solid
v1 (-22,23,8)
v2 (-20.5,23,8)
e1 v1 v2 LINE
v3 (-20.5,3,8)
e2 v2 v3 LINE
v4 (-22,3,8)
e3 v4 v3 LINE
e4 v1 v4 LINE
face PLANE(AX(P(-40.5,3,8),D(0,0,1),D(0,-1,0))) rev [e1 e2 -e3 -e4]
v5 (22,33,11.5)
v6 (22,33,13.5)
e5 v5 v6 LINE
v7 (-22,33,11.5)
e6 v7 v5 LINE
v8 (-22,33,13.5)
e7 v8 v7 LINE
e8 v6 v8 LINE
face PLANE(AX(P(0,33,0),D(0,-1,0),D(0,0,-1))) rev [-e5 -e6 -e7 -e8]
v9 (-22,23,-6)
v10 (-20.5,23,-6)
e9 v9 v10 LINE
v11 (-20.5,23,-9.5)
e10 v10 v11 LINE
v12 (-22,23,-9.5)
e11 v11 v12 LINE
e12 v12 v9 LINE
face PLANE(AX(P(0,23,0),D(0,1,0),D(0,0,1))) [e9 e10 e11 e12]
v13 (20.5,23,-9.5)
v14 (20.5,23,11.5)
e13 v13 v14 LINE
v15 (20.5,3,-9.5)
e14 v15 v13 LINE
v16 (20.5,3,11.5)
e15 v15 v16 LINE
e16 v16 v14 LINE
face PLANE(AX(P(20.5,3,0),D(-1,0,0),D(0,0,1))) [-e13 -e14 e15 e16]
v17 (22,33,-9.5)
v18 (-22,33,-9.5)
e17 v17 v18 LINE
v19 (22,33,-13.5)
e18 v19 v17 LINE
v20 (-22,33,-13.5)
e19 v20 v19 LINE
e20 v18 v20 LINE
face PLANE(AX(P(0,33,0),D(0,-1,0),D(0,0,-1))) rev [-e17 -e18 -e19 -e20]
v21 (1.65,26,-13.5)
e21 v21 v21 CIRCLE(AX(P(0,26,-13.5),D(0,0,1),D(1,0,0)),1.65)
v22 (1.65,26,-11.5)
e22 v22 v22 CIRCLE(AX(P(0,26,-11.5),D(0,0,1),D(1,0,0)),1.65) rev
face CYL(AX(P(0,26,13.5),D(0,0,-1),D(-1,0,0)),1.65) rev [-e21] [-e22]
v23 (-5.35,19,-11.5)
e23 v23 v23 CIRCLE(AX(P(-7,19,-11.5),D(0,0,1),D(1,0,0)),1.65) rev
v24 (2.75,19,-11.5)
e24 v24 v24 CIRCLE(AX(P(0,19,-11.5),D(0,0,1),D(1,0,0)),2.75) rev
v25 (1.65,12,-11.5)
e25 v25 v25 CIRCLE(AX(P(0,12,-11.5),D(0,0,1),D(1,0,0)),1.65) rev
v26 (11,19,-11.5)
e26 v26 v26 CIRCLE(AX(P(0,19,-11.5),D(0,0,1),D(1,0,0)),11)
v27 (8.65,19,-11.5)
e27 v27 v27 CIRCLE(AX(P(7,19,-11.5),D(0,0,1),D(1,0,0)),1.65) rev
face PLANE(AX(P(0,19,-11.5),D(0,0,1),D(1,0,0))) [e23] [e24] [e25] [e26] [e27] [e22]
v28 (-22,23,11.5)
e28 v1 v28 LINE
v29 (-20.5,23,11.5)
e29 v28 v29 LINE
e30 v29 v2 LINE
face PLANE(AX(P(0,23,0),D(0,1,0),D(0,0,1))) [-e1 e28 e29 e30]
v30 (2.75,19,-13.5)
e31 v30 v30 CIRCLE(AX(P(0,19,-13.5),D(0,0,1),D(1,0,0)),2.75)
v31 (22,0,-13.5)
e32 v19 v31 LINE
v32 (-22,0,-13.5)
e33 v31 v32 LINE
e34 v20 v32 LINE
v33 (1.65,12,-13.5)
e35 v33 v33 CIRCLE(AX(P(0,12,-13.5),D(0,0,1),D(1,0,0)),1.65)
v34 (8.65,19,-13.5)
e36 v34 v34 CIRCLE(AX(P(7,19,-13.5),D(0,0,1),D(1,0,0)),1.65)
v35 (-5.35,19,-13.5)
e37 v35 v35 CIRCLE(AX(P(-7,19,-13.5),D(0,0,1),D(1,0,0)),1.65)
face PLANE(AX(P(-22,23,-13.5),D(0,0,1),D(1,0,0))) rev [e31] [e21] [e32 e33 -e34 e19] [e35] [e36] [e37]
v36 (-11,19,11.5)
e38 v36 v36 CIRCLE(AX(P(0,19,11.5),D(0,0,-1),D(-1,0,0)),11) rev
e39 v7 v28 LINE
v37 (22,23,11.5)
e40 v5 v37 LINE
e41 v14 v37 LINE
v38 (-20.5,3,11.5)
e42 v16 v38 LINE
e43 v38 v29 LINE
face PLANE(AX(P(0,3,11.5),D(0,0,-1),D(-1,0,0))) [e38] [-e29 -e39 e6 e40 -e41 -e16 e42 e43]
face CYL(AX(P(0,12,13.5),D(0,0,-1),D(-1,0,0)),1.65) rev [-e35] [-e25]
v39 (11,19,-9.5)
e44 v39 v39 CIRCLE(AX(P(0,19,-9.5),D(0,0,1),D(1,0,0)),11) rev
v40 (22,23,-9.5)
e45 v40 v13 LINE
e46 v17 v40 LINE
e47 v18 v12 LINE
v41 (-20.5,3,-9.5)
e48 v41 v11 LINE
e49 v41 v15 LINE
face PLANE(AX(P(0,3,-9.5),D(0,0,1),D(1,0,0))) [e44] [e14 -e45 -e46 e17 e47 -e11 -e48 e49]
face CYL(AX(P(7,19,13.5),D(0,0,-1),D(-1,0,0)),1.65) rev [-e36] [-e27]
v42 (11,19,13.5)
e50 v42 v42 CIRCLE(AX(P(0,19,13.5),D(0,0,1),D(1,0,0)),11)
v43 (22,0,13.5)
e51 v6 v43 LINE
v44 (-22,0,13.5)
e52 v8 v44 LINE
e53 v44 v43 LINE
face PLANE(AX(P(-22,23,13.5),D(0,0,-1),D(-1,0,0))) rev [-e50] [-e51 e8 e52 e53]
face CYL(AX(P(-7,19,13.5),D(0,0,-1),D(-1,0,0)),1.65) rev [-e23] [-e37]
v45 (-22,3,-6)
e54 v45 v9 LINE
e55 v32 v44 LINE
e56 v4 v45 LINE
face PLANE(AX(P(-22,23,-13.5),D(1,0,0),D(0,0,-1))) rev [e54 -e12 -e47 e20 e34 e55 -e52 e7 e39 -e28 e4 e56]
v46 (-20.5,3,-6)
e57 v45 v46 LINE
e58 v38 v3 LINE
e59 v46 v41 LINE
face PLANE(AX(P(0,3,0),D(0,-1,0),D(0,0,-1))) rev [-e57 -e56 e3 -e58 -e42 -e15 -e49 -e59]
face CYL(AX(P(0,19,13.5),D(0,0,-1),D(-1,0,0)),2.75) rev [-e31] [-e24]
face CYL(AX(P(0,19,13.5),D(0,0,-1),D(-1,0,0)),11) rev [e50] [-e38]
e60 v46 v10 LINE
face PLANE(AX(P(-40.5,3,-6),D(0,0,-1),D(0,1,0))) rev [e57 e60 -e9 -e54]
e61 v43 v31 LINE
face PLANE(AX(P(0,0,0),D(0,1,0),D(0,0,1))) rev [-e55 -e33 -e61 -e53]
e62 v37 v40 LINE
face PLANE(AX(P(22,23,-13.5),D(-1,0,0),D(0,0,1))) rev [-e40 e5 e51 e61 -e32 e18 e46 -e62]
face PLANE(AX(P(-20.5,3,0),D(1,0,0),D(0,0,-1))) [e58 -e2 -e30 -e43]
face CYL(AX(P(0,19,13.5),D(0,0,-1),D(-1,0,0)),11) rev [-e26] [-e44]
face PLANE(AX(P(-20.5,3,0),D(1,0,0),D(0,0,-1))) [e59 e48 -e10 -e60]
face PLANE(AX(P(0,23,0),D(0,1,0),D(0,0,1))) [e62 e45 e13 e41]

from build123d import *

# Parameters (mm, degrees)
SKETCH1_W               = 44
SKETCH1_H               = 27
BOSS_EXTRUDE1_DEPTH     = 23
CUT_EXTRUDE2_START      = 23
SKETCH2_W               = 41
SKETCH2_H               = 21
CUT_EXTRUDE2_DEPTH      = 20
CUT_EXTRUDE3_START      = -20.5
SKETCH3_W               = 14
SKETCH3_H               = 20
CUT_EXTRUDE3_DEPTH      = 20
BOSS_EXTRUDE2_START     = 23
SKETCH4_W               = 44
SKETCH4_H               = 4
SKETCH4_H_2             = 2
BOSS_EXTRUDE2_DEPTH     = 10
CUT_EXTRUDE4_DEPTH      = 42.895703837
CUT_EXTRUDE4_DEPTH_BACK = 2
CUT_EXTRUDE4_START      = -9.5
SKETCH5_R               = 11
CUT_EXTRUDE5_DEPTH      = 42.895703837
CUT_EXTRUDE5_DEPTH_BACK = 42.895703837
SKETCH6_R               = 1.65
SKETCH6_R_2             = 2.75


with BuildPart() as part:
    # Sketch1 → Boss-Extrude1 (new body)
    with BuildSketch(Plane(origin=(0, 0, 0), x_dir=(1, 0, 0), z_dir=(0, 1, 0))):
        Rectangle(SKETCH1_W, SKETCH1_H)
    extrude(amount=BOSS_EXTRUDE1_DEPTH)

    # Sketch2 → Cut-Extrude2 (cut)
    with BuildSketch(Plane(origin=(0, 0, 0), x_dir=(1, 0, 0), z_dir=(0, 1, 0)).offset(CUT_EXTRUDE2_START)):
        with Locations((0, -1)):
            Rectangle(SKETCH2_W, SKETCH2_H)
    extrude(amount=-CUT_EXTRUDE2_DEPTH, mode=Mode.SUBTRACT)

    # Sketch3 → Cut-Extrude3 (cut)
    with BuildSketch(Plane(origin=(0, 0, 0), x_dir=(0, 0, -1), z_dir=(1, 0, 0)).offset(CUT_EXTRUDE3_START)):
        with Locations((-1, 13)):
            Rectangle(SKETCH3_W, SKETCH3_H)
    extrude(amount=-CUT_EXTRUDE3_DEPTH, mode=Mode.SUBTRACT)

    # Sketch4 → Boss-Extrude2 (add)
    with BuildSketch(Plane(origin=(0, 0, 0), x_dir=(1, 0, 0), z_dir=(0, 1, 0)).offset(BOSS_EXTRUDE2_START)):
        with Locations((0, 11.5)):
            Rectangle(SKETCH4_W, SKETCH4_H)
        with Locations((0, -12.5)):
            Rectangle(SKETCH4_W, SKETCH4_H_2)
    extrude(amount=BOSS_EXTRUDE2_DEPTH)

    # Sketch5 → Cut-Extrude4 (cut, two sides: drawn at the far end of the back side and taken through both)
    with BuildSketch(Plane.XY.offset(CUT_EXTRUDE4_START - CUT_EXTRUDE4_DEPTH_BACK)):
        with Locations((0, 19)):
            Circle(SKETCH5_R)
    extrude(amount=CUT_EXTRUDE4_DEPTH + CUT_EXTRUDE4_DEPTH_BACK, mode=Mode.SUBTRACT)

    # Sketch6 → Cut-Extrude5 (cut, two sides: drawn at the far end of the back side and taken through both)
    with BuildSketch(Plane.XY.offset(-CUT_EXTRUDE5_DEPTH_BACK)):
        with Locations((-7, 19)):
            Circle(SKETCH6_R)
        with Locations((0, 19)):
            Circle(SKETCH6_R_2)
        with Locations((0, 26)):
            Circle(SKETCH6_R)
        with Locations((7, 19)):
            Circle(SKETCH6_R)
        with Locations((0, 12)):
            Circle(SKETCH6_R)
    extrude(amount=CUT_EXTRUDE5_DEPTH + CUT_EXTRUDE5_DEPTH_BACK, mode=Mode.SUBTRACT)


solid = part.part
